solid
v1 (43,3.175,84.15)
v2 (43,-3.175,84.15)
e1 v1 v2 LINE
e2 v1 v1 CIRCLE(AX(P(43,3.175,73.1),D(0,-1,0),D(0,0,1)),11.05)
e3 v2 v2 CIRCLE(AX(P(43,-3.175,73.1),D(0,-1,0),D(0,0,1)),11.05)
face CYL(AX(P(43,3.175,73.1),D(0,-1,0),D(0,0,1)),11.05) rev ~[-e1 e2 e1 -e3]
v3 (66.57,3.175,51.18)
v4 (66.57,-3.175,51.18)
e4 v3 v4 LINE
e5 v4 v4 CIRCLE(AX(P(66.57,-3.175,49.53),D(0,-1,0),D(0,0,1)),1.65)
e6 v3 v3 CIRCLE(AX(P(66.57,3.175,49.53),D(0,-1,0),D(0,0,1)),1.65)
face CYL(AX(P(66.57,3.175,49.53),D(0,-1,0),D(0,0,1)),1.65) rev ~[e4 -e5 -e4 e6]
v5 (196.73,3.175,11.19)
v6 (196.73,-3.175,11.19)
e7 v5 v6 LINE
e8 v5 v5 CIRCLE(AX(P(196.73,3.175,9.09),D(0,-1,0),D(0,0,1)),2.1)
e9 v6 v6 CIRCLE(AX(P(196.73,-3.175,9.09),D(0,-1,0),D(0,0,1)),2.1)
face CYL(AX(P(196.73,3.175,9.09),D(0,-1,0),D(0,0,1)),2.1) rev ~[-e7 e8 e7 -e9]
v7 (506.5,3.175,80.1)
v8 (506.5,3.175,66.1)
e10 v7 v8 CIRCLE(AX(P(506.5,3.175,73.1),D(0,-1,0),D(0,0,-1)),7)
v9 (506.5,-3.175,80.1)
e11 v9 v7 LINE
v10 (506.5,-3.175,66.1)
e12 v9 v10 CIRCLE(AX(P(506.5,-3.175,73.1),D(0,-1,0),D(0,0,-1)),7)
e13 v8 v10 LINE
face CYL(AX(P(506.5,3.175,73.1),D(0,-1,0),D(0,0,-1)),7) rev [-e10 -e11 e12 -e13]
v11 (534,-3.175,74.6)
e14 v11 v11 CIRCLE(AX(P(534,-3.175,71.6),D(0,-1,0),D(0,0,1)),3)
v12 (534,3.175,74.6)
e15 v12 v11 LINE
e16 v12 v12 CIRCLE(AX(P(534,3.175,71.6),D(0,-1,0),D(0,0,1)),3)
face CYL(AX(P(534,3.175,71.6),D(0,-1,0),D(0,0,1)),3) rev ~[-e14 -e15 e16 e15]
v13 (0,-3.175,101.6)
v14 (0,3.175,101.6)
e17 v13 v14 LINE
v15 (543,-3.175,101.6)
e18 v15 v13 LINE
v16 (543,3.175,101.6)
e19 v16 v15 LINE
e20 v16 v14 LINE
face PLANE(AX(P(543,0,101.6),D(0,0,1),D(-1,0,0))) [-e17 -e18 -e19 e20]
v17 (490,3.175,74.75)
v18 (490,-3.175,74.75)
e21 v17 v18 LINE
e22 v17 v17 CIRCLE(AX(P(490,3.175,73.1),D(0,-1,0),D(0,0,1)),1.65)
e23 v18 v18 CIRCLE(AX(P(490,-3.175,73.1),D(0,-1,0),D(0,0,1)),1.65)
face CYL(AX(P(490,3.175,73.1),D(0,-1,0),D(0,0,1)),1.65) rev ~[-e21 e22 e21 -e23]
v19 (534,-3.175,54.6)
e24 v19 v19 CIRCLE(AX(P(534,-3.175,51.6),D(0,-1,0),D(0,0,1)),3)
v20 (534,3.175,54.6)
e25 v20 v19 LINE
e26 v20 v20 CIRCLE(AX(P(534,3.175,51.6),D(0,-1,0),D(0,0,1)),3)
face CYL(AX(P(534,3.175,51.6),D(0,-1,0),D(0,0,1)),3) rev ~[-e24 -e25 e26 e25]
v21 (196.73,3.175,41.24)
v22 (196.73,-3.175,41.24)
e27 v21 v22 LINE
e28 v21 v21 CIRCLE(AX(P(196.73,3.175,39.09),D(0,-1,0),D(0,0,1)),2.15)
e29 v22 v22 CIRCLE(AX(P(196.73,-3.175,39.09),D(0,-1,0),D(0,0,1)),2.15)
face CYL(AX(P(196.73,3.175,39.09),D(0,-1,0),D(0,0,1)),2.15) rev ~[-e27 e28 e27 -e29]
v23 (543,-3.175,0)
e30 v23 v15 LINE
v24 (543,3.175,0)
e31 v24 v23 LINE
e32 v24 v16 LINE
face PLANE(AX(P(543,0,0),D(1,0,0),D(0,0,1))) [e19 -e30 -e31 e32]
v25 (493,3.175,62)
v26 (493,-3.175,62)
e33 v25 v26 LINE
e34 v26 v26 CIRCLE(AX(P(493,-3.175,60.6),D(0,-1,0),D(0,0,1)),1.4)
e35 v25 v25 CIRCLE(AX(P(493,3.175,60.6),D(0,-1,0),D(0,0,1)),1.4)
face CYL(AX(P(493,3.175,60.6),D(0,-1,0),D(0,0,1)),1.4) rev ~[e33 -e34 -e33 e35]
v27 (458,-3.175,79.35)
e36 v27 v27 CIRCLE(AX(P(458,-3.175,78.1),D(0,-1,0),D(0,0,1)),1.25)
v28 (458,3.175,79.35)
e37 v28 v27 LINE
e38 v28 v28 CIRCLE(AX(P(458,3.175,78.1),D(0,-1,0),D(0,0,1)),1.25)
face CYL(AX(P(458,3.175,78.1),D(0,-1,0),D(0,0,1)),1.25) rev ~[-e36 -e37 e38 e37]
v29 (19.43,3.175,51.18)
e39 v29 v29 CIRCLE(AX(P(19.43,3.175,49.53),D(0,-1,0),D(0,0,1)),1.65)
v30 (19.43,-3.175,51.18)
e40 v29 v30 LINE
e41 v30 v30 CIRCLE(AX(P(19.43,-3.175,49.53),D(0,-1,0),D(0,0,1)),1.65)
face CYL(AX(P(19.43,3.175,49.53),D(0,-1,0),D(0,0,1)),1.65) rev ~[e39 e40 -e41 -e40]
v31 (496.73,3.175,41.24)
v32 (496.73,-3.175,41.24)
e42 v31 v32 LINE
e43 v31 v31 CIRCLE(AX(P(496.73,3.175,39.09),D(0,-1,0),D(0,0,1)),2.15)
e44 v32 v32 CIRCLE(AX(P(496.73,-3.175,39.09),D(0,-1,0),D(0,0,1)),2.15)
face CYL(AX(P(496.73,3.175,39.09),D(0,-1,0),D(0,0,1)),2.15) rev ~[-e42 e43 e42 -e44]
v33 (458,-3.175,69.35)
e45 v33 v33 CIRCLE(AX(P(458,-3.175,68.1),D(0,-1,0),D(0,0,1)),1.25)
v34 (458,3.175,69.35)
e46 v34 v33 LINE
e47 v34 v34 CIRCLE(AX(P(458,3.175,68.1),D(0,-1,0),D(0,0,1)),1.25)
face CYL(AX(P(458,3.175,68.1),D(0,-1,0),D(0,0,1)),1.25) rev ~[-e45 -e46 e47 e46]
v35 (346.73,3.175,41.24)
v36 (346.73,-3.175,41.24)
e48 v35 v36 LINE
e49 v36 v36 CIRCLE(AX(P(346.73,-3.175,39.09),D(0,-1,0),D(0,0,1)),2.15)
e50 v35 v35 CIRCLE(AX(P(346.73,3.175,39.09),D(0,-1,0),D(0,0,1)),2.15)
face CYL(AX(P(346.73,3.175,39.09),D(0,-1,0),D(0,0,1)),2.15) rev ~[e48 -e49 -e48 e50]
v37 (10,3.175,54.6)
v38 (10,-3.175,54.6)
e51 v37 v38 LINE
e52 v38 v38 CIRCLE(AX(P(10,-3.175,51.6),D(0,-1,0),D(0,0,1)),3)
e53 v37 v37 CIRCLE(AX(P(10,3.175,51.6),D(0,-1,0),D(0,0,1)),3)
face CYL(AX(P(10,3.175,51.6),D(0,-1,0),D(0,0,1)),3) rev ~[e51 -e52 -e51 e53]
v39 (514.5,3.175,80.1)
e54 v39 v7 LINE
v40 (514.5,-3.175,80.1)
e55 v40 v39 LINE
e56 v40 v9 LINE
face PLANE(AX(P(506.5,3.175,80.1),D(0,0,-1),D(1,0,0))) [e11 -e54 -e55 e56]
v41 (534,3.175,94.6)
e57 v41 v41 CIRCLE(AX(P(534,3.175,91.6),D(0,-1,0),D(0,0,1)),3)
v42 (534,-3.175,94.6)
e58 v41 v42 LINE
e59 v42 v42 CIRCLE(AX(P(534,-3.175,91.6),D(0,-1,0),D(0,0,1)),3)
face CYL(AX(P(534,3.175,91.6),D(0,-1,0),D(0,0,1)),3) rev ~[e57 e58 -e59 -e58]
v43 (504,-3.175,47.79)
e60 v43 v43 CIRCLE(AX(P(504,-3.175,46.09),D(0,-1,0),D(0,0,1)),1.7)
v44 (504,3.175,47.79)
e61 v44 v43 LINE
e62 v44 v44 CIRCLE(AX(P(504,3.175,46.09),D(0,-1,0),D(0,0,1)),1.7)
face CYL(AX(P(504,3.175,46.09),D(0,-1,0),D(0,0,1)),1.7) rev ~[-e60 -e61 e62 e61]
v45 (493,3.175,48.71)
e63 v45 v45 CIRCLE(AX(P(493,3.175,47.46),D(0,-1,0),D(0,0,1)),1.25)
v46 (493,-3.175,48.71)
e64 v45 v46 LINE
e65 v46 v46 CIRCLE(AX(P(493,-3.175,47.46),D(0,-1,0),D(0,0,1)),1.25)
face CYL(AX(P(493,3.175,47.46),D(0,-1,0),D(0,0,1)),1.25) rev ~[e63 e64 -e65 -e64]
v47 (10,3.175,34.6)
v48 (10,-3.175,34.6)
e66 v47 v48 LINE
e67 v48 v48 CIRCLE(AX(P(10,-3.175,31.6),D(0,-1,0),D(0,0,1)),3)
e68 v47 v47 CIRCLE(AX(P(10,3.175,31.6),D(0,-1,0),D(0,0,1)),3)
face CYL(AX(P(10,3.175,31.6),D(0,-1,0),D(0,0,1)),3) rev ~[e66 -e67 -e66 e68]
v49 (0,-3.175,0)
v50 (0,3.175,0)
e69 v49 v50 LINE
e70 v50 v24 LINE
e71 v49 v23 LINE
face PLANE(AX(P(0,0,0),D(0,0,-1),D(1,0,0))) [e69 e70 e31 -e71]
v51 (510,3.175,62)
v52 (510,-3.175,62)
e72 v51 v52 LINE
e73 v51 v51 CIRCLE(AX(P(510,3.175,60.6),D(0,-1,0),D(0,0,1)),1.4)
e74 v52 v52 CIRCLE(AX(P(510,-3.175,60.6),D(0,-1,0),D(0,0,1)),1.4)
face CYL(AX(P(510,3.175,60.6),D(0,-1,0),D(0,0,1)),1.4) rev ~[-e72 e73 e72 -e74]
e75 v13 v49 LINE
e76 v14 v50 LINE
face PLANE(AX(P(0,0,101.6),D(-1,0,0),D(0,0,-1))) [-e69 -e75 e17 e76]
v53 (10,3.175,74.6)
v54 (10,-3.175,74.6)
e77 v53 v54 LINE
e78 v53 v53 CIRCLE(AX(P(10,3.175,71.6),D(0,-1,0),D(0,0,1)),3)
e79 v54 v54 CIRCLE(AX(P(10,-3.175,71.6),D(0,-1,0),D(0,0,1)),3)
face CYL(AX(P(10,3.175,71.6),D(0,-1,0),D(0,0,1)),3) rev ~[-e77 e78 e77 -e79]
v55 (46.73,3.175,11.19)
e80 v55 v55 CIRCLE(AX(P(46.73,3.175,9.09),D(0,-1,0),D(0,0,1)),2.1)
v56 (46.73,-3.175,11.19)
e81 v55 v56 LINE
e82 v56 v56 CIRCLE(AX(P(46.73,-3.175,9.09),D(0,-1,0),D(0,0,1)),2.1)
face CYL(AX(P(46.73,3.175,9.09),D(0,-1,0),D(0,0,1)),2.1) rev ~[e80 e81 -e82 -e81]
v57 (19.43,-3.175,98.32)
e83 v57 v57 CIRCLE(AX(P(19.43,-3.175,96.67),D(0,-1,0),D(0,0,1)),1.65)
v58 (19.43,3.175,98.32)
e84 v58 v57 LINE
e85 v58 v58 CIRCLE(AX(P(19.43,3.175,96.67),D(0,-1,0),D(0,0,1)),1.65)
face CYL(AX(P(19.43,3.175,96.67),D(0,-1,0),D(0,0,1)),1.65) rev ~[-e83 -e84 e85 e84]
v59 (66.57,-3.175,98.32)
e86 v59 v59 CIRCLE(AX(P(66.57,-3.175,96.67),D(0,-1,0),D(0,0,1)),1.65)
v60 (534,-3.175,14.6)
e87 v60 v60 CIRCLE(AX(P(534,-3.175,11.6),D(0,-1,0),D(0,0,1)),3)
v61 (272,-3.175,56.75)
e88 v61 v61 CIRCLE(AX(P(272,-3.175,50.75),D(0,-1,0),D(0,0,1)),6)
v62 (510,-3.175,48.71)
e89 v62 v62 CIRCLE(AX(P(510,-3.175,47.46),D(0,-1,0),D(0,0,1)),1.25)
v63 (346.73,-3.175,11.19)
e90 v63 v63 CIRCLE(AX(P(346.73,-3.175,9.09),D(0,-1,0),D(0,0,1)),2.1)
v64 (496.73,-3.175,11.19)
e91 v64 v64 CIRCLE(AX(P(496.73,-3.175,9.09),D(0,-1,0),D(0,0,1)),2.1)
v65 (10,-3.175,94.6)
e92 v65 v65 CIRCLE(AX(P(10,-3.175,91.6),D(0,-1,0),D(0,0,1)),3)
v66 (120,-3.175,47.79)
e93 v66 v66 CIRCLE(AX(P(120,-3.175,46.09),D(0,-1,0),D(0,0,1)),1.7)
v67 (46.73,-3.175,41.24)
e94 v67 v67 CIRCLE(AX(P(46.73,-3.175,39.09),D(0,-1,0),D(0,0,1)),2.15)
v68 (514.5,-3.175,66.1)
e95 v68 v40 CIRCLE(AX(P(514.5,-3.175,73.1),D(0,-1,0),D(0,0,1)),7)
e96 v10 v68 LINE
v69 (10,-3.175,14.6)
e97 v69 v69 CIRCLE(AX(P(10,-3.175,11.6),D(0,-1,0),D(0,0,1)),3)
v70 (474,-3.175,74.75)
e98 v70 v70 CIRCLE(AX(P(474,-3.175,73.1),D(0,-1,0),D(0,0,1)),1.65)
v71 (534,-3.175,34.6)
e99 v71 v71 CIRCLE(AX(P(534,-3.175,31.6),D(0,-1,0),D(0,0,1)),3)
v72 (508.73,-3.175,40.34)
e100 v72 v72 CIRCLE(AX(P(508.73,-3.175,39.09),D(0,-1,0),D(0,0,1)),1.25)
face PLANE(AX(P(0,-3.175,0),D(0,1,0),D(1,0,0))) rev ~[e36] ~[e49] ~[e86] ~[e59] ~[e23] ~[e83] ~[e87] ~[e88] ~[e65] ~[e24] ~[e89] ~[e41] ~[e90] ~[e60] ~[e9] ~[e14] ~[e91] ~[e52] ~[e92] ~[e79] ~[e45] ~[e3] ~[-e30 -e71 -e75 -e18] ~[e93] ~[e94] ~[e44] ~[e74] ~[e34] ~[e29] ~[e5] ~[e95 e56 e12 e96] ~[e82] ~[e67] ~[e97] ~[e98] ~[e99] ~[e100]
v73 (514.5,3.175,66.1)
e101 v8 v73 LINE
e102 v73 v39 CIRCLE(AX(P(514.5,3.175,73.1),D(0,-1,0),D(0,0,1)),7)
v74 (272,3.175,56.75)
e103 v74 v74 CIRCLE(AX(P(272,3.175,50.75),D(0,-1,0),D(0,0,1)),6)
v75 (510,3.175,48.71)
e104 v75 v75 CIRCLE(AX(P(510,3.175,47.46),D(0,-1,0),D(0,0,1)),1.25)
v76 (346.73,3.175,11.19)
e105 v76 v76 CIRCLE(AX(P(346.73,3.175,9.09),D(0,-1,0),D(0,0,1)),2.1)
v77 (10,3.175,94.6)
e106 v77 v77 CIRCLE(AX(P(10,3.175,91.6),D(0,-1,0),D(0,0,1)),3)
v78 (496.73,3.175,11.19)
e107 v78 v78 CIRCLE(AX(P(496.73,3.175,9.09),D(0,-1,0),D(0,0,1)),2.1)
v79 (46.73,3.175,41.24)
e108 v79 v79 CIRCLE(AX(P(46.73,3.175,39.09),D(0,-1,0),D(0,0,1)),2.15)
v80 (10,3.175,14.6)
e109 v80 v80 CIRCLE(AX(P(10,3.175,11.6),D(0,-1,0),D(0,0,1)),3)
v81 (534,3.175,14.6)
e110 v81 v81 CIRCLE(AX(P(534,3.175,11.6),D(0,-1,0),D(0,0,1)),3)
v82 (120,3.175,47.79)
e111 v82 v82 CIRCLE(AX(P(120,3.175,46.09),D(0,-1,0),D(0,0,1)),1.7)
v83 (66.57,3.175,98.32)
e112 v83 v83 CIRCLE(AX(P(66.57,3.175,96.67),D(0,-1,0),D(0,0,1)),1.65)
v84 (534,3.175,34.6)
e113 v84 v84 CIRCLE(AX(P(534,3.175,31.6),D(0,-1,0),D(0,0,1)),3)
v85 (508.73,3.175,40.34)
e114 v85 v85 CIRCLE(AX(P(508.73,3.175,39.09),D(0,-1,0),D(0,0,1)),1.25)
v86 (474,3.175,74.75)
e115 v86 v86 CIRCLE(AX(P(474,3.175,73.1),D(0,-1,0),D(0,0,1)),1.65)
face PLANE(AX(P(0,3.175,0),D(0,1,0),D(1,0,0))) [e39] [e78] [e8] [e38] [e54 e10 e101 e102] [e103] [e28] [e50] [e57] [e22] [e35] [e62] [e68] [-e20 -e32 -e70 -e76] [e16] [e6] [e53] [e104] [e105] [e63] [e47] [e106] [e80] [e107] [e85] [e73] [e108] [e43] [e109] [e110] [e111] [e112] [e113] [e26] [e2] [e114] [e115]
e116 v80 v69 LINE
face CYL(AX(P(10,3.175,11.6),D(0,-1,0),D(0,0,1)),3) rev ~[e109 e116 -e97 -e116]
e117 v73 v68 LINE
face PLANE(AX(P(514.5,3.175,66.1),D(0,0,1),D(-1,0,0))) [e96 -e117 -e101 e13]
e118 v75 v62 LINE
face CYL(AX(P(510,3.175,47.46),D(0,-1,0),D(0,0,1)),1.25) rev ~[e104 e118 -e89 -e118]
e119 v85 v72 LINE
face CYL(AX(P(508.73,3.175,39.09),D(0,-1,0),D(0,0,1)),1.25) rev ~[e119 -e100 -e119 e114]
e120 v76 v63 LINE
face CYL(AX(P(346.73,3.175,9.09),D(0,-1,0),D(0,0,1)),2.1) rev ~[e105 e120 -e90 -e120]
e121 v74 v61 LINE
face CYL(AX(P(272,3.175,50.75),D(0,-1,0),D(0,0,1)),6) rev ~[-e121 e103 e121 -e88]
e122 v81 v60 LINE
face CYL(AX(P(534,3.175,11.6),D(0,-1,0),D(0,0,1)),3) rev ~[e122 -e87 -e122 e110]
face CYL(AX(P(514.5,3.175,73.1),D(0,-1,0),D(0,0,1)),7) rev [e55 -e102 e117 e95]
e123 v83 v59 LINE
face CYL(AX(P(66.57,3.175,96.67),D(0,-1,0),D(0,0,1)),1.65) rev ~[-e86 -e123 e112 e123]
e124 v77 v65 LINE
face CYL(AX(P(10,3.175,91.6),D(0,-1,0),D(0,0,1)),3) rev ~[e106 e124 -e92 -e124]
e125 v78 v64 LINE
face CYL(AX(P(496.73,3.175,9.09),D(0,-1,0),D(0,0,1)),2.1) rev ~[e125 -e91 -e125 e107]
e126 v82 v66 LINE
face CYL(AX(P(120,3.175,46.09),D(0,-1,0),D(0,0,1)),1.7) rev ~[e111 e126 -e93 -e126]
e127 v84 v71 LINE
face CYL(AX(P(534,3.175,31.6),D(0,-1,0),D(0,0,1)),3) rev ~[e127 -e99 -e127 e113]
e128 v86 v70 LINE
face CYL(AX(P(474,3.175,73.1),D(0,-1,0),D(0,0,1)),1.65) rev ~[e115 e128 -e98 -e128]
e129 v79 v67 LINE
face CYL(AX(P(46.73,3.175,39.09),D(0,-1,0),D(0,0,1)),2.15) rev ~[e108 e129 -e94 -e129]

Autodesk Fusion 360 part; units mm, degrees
sketch "Sketch1" plane through (0, 0, 0) normal (0, 1, 0) x (1, 0, 0)
  line L0 (0, 0) -> (543, 0)
  line L1 (543, 0) -> (543, -101.6)
  line L2 (543, -101.6) -> (0, -101.6)
  line L3 (0, -101.6) -> (0, 0)
  dimension "d1" = 543
  dimension "d2" = 101.6
extrude "Extrude1" add sketch "Sketch1" along normal mid plane 6.35
sketch "Sketch2" plane through (0, 3.175, 0) normal (0, 1, 0) x (-1, 0, 0)
  line L0 (0, 101.6) -> (-543, 101.6)
  line L1 (-543, 101.6) -> (-543, 0)
  line L2 (-543, 0) -> (0, 0)
  line L3 (0, 0) -> (0, 101.6)
  line L4 (-534, 0) -> (-534, 101.6) construction
  line L5 (-10, 0) -> (-10, 101.6) construction
  line L6 (-506.5, 80.1) -> (-514.5, 80.1)
  arc A0 (-514.5, 80.1) -> (-514.5, 66.1) centre (-514.5, 73.1) ccw
  line L7 (-514.5, 66.1) -> (-506.5, 66.1)
  arc A1 (-506.5, 66.1) -> (-506.5, 80.1) centre (-506.5, 73.1) ccw
  line L8 (-506.5, 73.1) -> (-514.5, 73.1) construction
  line L9 (-506.5, 73.1) -> (-390, 73.1) construction
  line L10 (0, 49.6) -> (-66.57, 49.6) construction
  line L11 (-19.43, 96.67) -> (-66.57, 96.67) construction
  line L12 (-66.57, 96.67) -> (-66.57, 49.53) construction
  line L13 (-66.57, 49.53) -> (-19.43, 49.53) construction
  line L14 (-19.43, 49.53) -> (-19.43, 96.67) construction
  line L15 (-19.43, 96.67) -> (-66.57, 49.53) construction
  line L16 (-66.57, 96.67) -> (-19.43, 49.53) construction
  line L17 (-458, 67) -> (-458, 81) construction
  line L18 (-120, 46.09) -> (-504, 46.09) construction
  line L19 (-510, 47.46) -> (-510, 60.6) construction
  line L20 (-496.73, 39.09) -> (-522, 39.09) construction
  point P0 (-534, 91.6)
  point P1 (35, 55)
  point P2 (-10, 91.6)
  point P3 (-496.73, 9.09)
  point P4 (-496.73, 39.09)
  point P5 (-514.5, 73.1)
  point P6 (-506.5, 73.1)
  point P7 (-490, 73.1)
  point P8 (-474, 73.1)
  point P9 (-120, 46.09)
  point P10 (-504, 46.09)
  point P11 (-43, 73.1)
  point P12 (-19.43, 49.53)
  point P13 (-66.57, 49.53)
  point P14 (-66.57, 96.67)
  point P15 (-19.43, 96.67)
  point P16 (-458, 68.1)
  point P17 (-458, 78.1)
  point P18 (-508.73, 39.09)
  point P19 (-493, 60.6)
  point P20 (-493, 47.46)
  dimension "d6" = 10
  dimension "d14" = 10
  dimension "d15" = 10
  dimension "d27" = 30
  dimension "d40" = 8
  dimension "d42" = 28.5
  dimension "d43" = 14
  dimension "d45" = 16
  dimension "d46" = 490
  dimension "d47" = 506.5
  dimension "d48" = 534
  dimension "d49" = 496.73
  dimension "d50" = 92.51
  dimension "d68" = 52
  dimension "d69" = 120
  dimension "d70" = 504
  dimension "d77" = 47.14
  dimension "d78" = 47.14
  dimension "d79" = 43
  dimension "d80" = 28.5
  dimension "d102" = 10
  dimension "d103" = 16
  dimension "d104" = 5
  dimension "d112" = 55.51
  dimension "d114" = 510
  dimension "d115" = 13.14
  dimension "d122" = 41
  dimension "d123" = 12
hole "Hole1" at (534, 3.175, 91.6) direction (0, -1, 0) diameter 6 end through all
pattern_linear "R-Pattern1" count 1 spacing 0 along (-1, 0, 0) count 5 spacing 20 along (0, 0, -1) of "Hole1"
hole "Hole5" at (496.73, 3.175, 9.09) direction (0, -1, 0) diameter 4.2 end through all
hole "Hole6" at (496.73, 3.175, 39.09) direction (0, -1, 0) diameter 4.3 end through all
pattern_linear "R-Pattern2" count 1 spacing 0 along (0, 0, 1) count 4 spacing 150 along (-1, 0, 0) of "Hole5", "Hole6"
extrude "Extrude2" cut sketch "Sketch2" along normal through all and the other way through all contours L6 A0 L7 A1
hole "Hole7" at (10, 3.175, 91.6) direction (0, -1, 0) diameter 6 end through all
pattern_linear "R-Pattern4" count 1 spacing 0 along (1, 0, 0) count 5 spacing 20 along (0, 0, -1) of "Hole7"
hole "Hole8" at (490, 3.175, 73.1) direction (0, -1, 0) diameter 3.3 end through all
hole "Hole9" at (474, 3.175, 73.1) direction (0, -1, 0) diameter 3.3 end through all
hole "Hole10" at (120, 3.175, 46.09) direction (0, -1, 0) diameter 3.4 end through all
hole "Hole11" at (504, 3.175, 46.09) direction (0, -1, 0) diameter 3.4 end through all
hole "Hole12" at (43, 3.175, 73.1) direction (0, -1, 0) diameter 22.1 end through all
hole "Hole13" at (19.43, 3.175, 49.53) direction (0, -1, 0) diameter 3.3 end through all
hole "Hole14" at (66.57, 3.175, 49.53) direction (0, -1, 0) diameter 3.3 depth 12.7 tip angle 118
hole "Hole15" at (66.57, 3.175, 96.67) direction (0, -1, 0) diameter 3.3 depth 12.7 tip angle 118
hole "Hole16" at (19.43, 3.175, 96.67) direction (0, -1, 0) diameter 3.3 depth 12.7 tip angle 118
hole "Hole17" at (458, 3.175, 68.1) direction (0, -1, 0) diameter 2.5 end through all
hole "Hole18" at (458, 3.175, 78.1) direction (0, -1, 0) diameter 2.5 depth 12.7 tip angle 118
hole "Hole19" at (510, 3.175, 47.46) direction (0, -1, 0) diameter 2.5 end through all
hole "Hole20" at (510, 3.175, 60.6) direction (0, -1, 0) diameter 2.8 end through all
hole "Hole21" at (508.73, 3.175, 39.09) direction (0, -1, 0) diameter 2.5 end through all
sketch "Sketch3" plane through (0, 3.175, 0) normal (0, 1, 0) x (-1, 0, 0)
  line L0 (-562, 50.75) -> (18, 50.75) construction
  line L1 (-272, 100) -> (-272, 0) construction
  line L2 (0, 0) -> (0, 101.6)
  line L3 (-543, 0) -> (0, 0)
  point P0 (-272, 50.75)
  dimension "d133" = 272
  dimension "d134" = 50.75
hole "Hole23" at (272, 3.175, 50.75) direction (0, -1, 0) diameter 12 end through all
hole "Hole24" at (493, 3.175, 60.6) direction (0, -1, 0) diameter 2.8 end through all
hole "Hole25" at (493, 3.175, 47.46) direction (0, -1, 0) diameter 2.5 depth 6.35 tip angle 118
